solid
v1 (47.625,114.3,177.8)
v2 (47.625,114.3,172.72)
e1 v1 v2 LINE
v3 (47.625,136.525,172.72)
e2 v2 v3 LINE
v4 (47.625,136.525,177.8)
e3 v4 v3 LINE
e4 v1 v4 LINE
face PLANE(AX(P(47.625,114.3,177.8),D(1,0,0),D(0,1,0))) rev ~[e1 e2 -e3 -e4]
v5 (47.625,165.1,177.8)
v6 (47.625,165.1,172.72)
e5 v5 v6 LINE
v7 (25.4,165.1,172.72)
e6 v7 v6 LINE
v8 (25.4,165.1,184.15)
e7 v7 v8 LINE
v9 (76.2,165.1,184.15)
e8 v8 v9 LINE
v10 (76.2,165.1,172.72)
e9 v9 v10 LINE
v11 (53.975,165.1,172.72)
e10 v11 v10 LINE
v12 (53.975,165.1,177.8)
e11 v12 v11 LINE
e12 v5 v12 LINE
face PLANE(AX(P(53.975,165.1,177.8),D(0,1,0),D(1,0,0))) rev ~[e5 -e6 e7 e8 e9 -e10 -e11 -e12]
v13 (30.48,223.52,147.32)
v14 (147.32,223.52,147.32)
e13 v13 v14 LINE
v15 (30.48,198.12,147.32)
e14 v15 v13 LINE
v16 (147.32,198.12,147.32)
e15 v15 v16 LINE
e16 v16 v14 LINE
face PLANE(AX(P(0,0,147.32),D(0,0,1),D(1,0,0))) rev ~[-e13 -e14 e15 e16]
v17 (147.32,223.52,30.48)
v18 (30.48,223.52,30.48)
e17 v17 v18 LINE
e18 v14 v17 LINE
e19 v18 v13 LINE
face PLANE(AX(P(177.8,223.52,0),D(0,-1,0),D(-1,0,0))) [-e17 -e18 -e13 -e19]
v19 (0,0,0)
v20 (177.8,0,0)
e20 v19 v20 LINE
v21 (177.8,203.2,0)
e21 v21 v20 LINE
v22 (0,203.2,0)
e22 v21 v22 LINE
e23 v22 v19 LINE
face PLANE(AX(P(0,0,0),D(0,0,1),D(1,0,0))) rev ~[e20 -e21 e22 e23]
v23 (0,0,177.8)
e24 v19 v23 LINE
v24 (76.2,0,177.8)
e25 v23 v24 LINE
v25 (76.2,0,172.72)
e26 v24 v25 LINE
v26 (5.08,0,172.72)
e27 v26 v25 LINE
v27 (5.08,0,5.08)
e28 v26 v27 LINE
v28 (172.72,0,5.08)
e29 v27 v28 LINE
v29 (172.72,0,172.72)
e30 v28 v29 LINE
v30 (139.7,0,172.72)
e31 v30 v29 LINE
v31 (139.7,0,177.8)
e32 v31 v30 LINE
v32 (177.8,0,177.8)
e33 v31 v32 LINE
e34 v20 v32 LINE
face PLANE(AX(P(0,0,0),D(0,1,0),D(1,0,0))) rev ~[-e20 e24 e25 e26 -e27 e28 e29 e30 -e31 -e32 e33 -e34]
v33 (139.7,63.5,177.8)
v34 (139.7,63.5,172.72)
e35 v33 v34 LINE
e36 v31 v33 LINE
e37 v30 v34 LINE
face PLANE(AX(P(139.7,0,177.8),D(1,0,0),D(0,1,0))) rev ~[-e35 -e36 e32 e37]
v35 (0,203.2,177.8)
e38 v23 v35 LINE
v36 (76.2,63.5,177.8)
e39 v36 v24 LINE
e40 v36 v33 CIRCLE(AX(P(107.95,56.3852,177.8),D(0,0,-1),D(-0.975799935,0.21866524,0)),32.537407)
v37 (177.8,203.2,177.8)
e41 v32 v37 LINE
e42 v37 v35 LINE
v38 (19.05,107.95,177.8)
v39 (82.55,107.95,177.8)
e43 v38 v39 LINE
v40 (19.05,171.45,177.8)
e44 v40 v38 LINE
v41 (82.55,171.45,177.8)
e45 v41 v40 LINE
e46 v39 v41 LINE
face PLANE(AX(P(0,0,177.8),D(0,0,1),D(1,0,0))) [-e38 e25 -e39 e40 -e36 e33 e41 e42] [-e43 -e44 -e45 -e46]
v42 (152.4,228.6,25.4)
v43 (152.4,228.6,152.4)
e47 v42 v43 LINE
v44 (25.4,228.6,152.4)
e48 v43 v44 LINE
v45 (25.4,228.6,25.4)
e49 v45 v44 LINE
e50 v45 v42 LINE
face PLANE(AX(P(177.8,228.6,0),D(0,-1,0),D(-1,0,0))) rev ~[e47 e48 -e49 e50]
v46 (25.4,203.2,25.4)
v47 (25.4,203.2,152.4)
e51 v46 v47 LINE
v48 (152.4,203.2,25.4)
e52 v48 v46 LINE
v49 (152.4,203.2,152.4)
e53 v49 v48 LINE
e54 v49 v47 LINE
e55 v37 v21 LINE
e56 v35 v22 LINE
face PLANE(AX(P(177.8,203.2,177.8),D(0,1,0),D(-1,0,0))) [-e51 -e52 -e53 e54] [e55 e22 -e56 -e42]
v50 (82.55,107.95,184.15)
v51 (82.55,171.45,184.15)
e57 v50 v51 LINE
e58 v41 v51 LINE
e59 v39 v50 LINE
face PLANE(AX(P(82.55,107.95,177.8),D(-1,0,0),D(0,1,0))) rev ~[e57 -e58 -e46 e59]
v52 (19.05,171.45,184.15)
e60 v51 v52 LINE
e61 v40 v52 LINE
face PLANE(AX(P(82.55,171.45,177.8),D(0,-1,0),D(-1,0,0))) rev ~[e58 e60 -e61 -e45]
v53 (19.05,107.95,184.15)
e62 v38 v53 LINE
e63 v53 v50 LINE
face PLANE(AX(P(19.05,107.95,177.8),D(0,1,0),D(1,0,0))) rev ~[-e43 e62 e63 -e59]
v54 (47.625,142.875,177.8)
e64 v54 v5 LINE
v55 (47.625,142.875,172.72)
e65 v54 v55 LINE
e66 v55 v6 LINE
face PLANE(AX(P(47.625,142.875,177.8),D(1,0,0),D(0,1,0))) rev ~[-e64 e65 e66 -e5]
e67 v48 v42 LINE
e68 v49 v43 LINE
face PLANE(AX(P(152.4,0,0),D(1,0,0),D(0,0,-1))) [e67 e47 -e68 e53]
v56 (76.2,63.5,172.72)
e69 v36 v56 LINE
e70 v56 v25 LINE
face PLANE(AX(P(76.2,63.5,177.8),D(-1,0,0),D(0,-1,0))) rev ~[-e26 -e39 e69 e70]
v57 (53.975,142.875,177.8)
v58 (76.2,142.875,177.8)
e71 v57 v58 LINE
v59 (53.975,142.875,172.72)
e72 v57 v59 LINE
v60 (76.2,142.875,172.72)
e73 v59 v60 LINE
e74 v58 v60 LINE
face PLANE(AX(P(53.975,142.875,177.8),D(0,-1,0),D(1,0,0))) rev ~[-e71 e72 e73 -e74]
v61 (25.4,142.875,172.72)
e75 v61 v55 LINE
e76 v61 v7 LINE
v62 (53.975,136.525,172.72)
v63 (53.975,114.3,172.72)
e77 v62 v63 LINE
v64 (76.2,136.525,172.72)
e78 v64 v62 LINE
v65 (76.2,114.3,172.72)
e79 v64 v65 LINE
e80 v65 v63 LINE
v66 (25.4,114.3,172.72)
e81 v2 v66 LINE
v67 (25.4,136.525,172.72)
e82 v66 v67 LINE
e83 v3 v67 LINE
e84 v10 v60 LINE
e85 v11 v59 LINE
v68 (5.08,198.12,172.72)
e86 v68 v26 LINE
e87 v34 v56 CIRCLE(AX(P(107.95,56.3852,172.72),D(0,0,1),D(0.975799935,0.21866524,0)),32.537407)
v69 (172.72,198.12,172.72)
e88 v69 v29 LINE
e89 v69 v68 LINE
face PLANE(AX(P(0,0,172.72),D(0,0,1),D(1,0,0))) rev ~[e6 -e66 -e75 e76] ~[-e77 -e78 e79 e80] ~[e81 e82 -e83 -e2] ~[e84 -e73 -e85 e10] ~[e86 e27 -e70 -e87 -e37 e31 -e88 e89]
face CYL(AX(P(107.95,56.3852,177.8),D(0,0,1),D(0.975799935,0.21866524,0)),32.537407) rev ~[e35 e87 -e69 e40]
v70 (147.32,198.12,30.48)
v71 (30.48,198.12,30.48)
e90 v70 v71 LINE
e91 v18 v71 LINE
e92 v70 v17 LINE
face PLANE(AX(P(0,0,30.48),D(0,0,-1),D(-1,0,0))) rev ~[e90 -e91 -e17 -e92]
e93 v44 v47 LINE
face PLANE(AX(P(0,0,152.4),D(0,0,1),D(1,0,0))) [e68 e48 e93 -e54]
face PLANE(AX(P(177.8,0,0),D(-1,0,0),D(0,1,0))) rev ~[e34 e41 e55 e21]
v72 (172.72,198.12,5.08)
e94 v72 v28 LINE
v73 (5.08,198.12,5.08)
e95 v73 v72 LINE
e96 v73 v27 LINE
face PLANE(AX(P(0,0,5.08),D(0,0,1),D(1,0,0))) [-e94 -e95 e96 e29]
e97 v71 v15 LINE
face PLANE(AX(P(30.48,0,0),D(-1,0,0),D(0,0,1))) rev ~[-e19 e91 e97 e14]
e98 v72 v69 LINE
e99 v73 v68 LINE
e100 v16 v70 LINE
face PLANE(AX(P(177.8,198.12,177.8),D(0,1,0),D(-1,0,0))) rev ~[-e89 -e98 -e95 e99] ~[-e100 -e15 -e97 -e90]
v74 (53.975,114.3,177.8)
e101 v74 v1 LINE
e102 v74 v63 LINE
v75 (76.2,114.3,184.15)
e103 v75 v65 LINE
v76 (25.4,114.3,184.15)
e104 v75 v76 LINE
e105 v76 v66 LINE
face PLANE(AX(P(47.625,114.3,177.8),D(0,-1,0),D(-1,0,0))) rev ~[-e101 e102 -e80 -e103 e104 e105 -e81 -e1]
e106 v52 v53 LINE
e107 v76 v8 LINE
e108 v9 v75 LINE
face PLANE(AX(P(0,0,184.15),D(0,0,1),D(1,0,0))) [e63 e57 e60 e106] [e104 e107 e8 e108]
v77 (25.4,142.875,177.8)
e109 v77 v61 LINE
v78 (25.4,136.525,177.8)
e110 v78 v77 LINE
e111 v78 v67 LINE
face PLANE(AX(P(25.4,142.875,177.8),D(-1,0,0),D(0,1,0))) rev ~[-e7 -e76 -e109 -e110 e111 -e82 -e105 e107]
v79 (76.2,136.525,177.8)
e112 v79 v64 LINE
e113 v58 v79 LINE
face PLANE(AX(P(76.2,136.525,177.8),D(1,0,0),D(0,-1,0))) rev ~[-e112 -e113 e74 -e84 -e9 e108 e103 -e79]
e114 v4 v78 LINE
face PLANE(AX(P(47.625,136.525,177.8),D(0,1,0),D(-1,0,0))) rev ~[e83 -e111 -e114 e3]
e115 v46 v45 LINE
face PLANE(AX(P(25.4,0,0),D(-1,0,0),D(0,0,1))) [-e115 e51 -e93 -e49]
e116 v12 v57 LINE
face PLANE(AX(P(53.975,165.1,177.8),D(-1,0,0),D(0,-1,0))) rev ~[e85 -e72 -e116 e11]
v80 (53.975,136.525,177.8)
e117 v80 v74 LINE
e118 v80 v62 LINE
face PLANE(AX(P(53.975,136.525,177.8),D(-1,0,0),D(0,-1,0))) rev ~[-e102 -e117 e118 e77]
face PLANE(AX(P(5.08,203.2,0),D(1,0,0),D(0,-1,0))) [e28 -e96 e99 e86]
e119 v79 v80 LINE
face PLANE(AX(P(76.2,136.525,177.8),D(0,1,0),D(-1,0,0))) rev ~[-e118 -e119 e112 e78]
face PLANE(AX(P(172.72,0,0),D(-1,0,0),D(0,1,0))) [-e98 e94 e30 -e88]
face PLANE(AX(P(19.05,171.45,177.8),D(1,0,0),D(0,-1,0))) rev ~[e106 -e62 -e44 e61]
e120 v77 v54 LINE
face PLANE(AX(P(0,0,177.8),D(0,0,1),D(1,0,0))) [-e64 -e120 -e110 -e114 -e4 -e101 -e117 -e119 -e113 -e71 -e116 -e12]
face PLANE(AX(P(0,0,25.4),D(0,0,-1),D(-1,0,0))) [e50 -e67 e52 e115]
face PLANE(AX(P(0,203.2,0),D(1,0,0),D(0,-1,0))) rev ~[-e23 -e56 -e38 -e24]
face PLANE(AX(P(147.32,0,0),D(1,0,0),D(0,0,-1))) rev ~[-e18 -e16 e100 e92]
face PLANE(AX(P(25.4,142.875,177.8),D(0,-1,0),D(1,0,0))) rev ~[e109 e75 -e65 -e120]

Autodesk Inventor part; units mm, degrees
ref_plane "YZ Plane" through (0, 0, 0) normal (1, 0, 0) x (0, 1, 0)
ref_plane "XZ Plane" through (0, 0, 0) normal (0, 1, 0) x (-1, 0, 0)
ref_plane "XY Plane" through (0, 0, 0) normal (0, 0, 1) x (1, 0, 0)
sketch "Sketch1" plane through (0, 0, 0) normal (0, 0, 1) x (1, 0, 0)
  line L0 (0, 0) -> (177.8, 0)
  line L1 (177.8, 0) -> (177.8, 203.2)
  line L2 (177.8, 203.2) -> (0, 203.2)
  line L3 (0, 203.2) -> (0, 0)
  line L4 (0, 203.2) -> (25.4, 203.2) construction
  line L5 (177.8, 203.2) -> (203.2, 203.2) construction
  line L6 (0, 203.2) -> (177.8, 203.2)
  line L7 (177.8, 203.2) -> (177.8, 228.6)
  line L8 (177.8, 228.6) -> (0, 228.6)
  line L9 (0, 228.6) -> (0, 203.2)
  dimension "d0" = 177.8
  dimension "d1" = 203.2
  dimension "d6" = 177.8
  dimension "d7" = 25.4
extrude "Extrusion1" add sketch "Sketch1" along normal blind 177.8
sketch "Sketch2" plane through (0, 0, 177.8) normal (0, 0, 1) x (1, 0, 0)
  line L0 (177.8, 228.6) -> (0, 228.6) projected
  line L1 (0, 228.6) -> (177.8, 228.6)
  line L2 (177.8, 228.6) -> (177.8, 203.2)
  line L3 (177.8, 203.2) -> (0, 203.2)
  line L4 (0, 203.2) -> (0, 228.6)
  point P0 (0, 0)
  dimension "d10" = 177.8
  dimension "d11" = 25.4
extrude "Extrusion2" cut sketch "Sketch2" against normal blind 25.4
sketch "Sketch3" plane through (177.8, 0, 0) normal (1, 0, 0) x (0, 0, -1)
  line L0 (0, 0) -> (0, 228.6) projected
  line L1 (-177.8, 0) -> (-177.8, 203.2) projected
  line L2 (0, 228.6) -> (-177.8, 228.6)
  line L3 (-177.8, 228.6) -> (-177.8, 203.2)
  line L4 (-177.8, 203.2) -> (0, 203.2)
  line L5 (0, 203.2) -> (0, 228.6)
  dimension "d14" = 177.8
  dimension "d15" = 25.4
extrude "Extrusion3" cut sketch "Sketch3" against normal blind 25.4
sketch "Sketch4" plane through (0, 0, 0) normal (0, 0, -1) x (-1, 0, 0)
  line L0 (0, 228.6) -> (0, 0) projected
  line L1 (-152.4, 203.2) -> (-177.8, 203.2) projected
  line L2 (0, 228.6) -> (-177.8, 228.6)
  line L3 (-177.8, 228.6) -> (-177.8, 203.2)
  line L4 (-177.8, 203.2) -> (0, 203.2)
  line L5 (0, 203.2) -> (0, 228.6)
  dimension "d18" = 177.8
  dimension "d19" = 25.4
extrude "Extrusion4" cut sketch "Sketch4" against normal blind 25.4
sketch "Sketch5" plane through (0, 0, 0) normal (-1, 0, 0) x (0, 0, 1)
  line L0 (177.8, 228.6) -> (0, 228.6)
  line L1 (0, 228.6) -> (0, 203.2)
  line L2 (0, 203.2) -> (177.8, 203.2)
  line L3 (177.8, 203.2) -> (177.8, 228.6)
  line L4 (177.8, 203.2) -> (177.8, 0) projected
  line L5 (25.4, 228.6) -> (152.4, 228.6) projected
  point P0 (0, 0)
  dimension "d22" = 177.8
  dimension "d23" = 25.4
  dimension "d24" = 0
  dimension "d25" = 0
extrude "Extrusion5" cut sketch "Sketch5" against normal blind 25.4
shell "Shell1" thickness 5.08 removed faces 1 at (59.2667, 0, 59.2667)
sketch "Sketch6" plane through (0, 0, 177.8) normal (0, 0, 1) x (1, 0, 0)
  line L0 (25.4, 165.1) -> (76.2, 165.1)
  line L1 (76.2, 165.1) -> (76.2, 114.3)
  line L2 (76.2, 114.3) -> (25.4, 114.3)
  line L3 (25.4, 114.3) -> (25.4, 165.1)
  line L4 (177.8, 203.2) -> (0, 203.2) projected
  line L5 (0, 203.2) -> (0, 0) projected
  line L6 (47.625, 165.1) -> (53.975, 165.1)
  line L7 (53.975, 114.3) -> (47.625, 114.3)
  line L8 (76.2, 142.875) -> (76.2, 136.525)
  line L9 (25.4, 136.525) -> (25.4, 142.875)
  line L10 (47.625, 114.3) -> (47.625, 136.525)
  line L11 (47.625, 142.875) -> (47.625, 165.1)
  line L12 (25.4, 142.875) -> (47.625, 142.875)
  line L13 (53.975, 142.875) -> (76.2, 142.875)
  line L14 (53.975, 165.1) -> (53.975, 142.875)
  line L15 (53.975, 136.525) -> (53.975, 114.3)
  line L16 (76.2, 136.525) -> (53.975, 136.525)
  line L17 (47.625, 136.525) -> (25.4, 136.525)
  line L18 (82.55, 171.45) -> (19.05, 171.45)
  line L19 (19.05, 171.45) -> (19.05, 107.95)
  line L20 (19.05, 107.95) -> (82.55, 107.95)
  line L21 (82.55, 107.95) -> (82.55, 171.45)
  dimension "d29" = 50.8
  dimension "d30" = 50.8
  dimension "d31" = 38.1
  dimension "d32" = 25.4
  dimension "d33" = 6.35
  dimension "d34" = 50.8
  dimension "d36" = 50.8
  dimension "d37" = 6.35
  dimension "d39" = 6.35
extrude "Extrusion6" cut sketch "Sketch6" against normal blind 25.4 contours L0 L11 L12 L3 | L0 L1 L13 L14 | L17 L10 L2 L3 | L1 L2 L15 L16
extrude "Extrusion7" add sketch "Sketch6" along normal blind 6.35
sketch "Sketch7" plane through (0, 0, 177.8) normal (0, 0, 1) x (1, 0, 0)
  line L0 (0, 0) -> (177.8, 0) projected
  line L1 (76.2, 0) -> (139.7, 0)
  line L2 (139.7, 0) -> (139.7, 88.9)
  line L3 (139.7, 88.9) -> (76.2, 88.9)
  line L4 (76.2, 88.9) -> (76.2, 0)
  line L5 (177.8, 0) -> (177.8, 203.2) projected
  line L6 (76.2, 0) -> (76.2, 63.5)
  arc A0 (139.7, 63.5) -> (76.2, 63.5) centre (107.95, 56.3852) ccw
  dimension "d44" = 63.5
  dimension "d45" = 88.9
  dimension "d46" = 38.1
  dimension "d47" = 63.5
  dimension "d48" = 32.5374
extrude "Extrusion8" cut sketch "Sketch7" against normal blind 6.35 contours L4 A0 L3 L2 L0 | A0 L3
properties part number "House Model"
